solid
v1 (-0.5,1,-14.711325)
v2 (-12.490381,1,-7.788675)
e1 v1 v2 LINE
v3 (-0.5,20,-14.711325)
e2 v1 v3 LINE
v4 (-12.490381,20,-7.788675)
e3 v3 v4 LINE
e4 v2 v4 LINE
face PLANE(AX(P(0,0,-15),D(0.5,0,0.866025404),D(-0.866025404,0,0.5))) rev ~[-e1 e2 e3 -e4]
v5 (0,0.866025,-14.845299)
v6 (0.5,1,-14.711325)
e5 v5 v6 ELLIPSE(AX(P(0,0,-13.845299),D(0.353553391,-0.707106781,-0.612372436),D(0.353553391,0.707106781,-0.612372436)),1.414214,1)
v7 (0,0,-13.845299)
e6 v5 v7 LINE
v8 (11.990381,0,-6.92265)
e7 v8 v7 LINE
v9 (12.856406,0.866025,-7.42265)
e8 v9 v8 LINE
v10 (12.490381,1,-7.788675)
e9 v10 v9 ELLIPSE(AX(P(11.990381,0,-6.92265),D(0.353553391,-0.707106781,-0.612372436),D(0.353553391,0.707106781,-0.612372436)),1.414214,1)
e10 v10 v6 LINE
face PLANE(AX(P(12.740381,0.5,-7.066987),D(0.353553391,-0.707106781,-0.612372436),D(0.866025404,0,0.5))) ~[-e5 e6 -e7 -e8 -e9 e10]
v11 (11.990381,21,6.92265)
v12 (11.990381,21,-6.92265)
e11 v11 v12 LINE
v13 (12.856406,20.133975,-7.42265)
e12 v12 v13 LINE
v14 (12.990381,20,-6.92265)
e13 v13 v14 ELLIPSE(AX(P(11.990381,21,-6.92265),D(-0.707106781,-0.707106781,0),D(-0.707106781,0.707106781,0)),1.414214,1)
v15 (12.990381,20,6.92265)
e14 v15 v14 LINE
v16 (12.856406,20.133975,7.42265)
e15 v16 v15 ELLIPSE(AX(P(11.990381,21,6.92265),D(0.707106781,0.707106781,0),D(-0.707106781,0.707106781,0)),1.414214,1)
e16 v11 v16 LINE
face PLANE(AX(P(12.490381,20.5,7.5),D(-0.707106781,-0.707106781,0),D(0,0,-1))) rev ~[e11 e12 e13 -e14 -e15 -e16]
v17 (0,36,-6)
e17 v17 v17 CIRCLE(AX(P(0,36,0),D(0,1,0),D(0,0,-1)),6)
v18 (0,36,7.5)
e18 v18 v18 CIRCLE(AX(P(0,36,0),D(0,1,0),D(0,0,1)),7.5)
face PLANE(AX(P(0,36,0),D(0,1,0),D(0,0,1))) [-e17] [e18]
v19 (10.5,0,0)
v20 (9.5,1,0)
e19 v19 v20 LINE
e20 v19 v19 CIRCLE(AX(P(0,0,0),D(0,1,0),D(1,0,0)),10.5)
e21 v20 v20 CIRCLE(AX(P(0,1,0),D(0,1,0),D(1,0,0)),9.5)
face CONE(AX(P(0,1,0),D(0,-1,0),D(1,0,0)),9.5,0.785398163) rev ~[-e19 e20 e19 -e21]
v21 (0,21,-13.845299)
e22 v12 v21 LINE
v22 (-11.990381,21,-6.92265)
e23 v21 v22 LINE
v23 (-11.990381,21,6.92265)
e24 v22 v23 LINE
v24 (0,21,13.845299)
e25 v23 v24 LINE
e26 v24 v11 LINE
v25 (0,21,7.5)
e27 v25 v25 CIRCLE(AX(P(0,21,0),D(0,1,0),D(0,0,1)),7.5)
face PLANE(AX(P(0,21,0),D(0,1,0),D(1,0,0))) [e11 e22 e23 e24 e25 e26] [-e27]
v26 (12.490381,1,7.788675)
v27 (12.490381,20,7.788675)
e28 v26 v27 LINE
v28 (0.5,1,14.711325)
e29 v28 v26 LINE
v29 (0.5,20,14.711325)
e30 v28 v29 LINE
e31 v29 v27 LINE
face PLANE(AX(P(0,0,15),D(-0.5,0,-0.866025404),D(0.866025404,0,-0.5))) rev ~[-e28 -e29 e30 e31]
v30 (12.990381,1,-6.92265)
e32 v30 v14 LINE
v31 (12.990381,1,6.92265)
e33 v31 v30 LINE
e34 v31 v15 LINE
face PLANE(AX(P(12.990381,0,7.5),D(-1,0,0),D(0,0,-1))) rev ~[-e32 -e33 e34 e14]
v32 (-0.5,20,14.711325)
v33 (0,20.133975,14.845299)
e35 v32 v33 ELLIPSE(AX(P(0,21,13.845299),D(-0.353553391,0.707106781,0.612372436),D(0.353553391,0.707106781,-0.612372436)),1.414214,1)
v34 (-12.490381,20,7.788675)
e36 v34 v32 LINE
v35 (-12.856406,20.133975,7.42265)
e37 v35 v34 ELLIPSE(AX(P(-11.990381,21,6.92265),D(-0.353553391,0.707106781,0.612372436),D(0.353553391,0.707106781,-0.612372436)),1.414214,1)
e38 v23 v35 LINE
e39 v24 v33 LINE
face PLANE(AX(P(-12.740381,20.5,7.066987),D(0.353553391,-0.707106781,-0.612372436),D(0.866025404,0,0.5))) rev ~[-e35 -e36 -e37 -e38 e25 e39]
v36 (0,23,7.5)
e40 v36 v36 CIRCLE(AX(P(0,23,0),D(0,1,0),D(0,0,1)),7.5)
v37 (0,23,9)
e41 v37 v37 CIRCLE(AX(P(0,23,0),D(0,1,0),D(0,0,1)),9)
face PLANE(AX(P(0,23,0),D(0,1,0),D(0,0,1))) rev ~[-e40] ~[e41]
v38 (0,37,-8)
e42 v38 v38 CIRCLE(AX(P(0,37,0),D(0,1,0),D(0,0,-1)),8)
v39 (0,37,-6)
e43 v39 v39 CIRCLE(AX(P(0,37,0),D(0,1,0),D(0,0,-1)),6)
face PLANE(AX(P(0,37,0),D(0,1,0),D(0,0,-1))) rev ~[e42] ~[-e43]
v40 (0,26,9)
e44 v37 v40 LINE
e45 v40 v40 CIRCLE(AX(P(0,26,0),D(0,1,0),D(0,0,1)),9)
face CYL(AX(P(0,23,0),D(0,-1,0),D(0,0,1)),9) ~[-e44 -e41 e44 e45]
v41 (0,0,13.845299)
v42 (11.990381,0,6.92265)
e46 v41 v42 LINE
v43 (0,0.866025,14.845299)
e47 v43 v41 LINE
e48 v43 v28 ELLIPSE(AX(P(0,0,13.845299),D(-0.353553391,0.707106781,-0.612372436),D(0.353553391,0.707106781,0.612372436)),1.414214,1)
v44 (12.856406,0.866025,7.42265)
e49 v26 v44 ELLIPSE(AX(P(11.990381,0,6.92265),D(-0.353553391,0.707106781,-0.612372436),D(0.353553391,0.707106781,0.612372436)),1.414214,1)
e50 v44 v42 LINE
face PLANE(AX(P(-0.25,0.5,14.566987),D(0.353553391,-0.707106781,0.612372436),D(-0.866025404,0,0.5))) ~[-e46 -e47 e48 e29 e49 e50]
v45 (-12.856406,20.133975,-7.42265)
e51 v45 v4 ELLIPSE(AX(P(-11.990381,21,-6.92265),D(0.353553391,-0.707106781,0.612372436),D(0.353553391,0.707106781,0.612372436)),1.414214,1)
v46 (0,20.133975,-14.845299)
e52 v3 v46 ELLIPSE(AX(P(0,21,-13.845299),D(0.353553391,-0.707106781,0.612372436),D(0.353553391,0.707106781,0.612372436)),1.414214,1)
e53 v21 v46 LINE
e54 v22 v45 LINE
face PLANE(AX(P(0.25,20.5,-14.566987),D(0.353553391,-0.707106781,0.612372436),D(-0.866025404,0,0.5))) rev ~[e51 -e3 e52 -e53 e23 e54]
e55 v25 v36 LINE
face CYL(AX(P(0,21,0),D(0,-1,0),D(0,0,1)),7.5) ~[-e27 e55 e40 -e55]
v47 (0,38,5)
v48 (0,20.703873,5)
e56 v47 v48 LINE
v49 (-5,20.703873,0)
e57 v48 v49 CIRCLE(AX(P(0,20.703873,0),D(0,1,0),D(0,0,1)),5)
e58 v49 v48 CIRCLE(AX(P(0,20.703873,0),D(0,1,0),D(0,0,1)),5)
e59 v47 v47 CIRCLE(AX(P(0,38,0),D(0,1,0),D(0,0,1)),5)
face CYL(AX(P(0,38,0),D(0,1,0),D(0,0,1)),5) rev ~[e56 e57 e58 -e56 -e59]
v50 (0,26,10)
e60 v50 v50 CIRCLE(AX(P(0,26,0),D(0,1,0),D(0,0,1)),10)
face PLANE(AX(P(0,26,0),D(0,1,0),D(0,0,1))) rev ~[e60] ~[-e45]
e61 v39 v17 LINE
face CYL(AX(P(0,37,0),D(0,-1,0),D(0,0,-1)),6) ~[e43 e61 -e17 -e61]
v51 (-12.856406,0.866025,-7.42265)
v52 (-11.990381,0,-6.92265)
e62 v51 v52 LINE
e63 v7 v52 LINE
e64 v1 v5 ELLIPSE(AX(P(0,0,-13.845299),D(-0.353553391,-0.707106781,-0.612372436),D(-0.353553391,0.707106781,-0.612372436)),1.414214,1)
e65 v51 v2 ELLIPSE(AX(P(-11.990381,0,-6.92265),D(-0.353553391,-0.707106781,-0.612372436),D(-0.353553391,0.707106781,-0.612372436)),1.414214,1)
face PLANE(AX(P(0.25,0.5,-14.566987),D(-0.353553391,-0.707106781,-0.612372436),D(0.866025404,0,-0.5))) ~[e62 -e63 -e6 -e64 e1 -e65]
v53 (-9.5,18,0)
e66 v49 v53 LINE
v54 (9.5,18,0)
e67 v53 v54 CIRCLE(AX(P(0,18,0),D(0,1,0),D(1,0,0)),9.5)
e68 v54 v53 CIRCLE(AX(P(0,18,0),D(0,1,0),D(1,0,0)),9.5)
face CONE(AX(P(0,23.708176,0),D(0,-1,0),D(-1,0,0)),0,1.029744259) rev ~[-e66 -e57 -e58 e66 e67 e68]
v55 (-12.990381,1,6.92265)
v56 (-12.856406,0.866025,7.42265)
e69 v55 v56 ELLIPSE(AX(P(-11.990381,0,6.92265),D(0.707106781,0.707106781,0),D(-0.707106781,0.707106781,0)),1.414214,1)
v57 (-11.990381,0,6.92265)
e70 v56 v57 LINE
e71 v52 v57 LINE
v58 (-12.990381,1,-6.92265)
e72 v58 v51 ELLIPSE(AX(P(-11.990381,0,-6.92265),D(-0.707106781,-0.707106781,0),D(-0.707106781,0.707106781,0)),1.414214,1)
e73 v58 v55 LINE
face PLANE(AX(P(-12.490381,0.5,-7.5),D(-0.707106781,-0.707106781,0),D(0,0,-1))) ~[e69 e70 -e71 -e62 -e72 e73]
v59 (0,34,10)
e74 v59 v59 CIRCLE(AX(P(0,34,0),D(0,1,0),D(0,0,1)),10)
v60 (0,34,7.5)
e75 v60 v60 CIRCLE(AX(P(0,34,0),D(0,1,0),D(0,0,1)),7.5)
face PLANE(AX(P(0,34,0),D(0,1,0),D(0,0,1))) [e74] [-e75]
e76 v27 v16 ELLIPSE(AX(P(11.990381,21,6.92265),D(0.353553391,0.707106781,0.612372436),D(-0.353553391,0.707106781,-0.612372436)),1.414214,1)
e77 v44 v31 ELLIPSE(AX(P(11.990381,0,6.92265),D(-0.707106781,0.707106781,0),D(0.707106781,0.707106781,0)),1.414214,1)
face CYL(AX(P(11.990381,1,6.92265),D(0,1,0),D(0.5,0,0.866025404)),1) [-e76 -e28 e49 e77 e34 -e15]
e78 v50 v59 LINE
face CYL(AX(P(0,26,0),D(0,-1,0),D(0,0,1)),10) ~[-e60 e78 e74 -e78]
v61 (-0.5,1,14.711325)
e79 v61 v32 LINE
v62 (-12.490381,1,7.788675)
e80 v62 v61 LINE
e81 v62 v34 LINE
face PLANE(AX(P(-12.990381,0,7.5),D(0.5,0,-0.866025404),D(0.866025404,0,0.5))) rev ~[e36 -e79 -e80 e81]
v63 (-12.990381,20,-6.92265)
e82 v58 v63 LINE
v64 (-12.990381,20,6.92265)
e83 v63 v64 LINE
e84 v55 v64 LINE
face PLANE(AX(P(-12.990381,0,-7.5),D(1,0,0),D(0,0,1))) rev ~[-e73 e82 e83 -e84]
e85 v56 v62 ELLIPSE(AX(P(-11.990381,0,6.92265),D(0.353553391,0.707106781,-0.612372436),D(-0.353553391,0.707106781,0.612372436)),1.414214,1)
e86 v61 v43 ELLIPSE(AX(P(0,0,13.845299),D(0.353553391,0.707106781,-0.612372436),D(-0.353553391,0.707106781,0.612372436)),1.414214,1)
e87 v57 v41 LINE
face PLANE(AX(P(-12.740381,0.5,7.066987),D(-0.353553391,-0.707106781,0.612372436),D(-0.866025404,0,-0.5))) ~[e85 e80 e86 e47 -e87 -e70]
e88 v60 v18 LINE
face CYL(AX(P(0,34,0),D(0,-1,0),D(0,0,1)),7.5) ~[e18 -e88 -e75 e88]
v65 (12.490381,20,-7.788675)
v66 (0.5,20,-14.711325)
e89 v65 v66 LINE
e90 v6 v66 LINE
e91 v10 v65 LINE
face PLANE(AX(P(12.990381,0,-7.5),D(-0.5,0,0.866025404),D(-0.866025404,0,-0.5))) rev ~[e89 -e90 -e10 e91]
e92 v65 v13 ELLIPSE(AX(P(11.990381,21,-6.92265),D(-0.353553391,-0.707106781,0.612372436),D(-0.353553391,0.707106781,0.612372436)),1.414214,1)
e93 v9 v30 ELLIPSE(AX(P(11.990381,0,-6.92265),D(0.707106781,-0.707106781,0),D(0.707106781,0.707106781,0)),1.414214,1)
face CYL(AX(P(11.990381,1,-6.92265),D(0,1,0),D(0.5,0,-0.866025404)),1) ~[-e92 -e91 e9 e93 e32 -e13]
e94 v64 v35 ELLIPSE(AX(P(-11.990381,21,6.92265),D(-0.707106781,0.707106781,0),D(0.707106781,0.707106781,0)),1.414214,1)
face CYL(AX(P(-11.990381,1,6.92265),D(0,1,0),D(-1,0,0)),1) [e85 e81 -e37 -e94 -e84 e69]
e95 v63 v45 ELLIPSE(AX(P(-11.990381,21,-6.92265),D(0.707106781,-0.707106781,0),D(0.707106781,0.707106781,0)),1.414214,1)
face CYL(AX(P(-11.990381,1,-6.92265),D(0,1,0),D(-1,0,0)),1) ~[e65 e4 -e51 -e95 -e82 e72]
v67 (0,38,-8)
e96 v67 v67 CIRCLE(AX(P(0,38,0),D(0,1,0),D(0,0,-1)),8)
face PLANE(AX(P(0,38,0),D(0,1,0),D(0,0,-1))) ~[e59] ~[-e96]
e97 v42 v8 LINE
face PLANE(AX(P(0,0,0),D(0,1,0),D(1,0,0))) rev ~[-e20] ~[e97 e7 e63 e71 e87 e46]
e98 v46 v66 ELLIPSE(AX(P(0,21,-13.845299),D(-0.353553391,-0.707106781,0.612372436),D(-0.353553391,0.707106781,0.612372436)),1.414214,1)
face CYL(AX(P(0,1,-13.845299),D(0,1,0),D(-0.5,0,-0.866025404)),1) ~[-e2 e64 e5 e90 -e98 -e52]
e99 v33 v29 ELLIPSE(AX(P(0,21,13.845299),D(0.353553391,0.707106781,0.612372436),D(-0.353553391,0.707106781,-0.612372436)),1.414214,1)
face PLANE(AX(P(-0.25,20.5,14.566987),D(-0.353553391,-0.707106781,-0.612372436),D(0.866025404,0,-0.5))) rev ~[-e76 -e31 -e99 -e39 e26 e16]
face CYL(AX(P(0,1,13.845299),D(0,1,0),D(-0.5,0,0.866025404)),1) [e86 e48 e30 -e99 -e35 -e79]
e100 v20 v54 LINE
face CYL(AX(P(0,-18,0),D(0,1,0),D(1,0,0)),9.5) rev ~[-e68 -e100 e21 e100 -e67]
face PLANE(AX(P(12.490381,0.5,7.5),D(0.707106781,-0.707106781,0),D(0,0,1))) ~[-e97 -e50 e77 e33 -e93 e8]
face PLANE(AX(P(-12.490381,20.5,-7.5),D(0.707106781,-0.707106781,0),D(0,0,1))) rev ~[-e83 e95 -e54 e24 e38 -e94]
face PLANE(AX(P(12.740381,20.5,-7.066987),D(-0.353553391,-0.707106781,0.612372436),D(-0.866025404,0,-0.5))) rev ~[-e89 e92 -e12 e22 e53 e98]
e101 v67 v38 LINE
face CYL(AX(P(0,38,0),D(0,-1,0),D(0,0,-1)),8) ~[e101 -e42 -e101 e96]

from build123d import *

# Parameters (mm, degrees)
EXTRUDE_1_DEPTH          = 21
SKETCH_2_R               = 7.5
EXTRUDE_2_DEPTH          = 2
SKETCH_3_R               = 9
EXTRUDE_3_DEPTH          = 3
SKETCH_4_R               = 10
EXTRUDE_4_DEPTH          = 8
SKETCH_5_R               = 7.5
EXTRUDE_5_DEPTH          = 2
CUT_EXTRUDE_1_DEPTH      = 42.106568818
CUT_EXTRUDE_1_DEPTH_BACK = 42.106568818
SKETCH_7_R               = 4
HOLE_WIZARD_G1_21_D      = 19
HOLE_WIZARD_G1_21_DEPTH  = 18
HOLE_WIZARD_G1_21_TIP    = 5.708175881
CHAMFER_1_SIZE           = 1
FILLET_1_R               = 1
SKETCH_10_R              = 5
CUT_EXTRUDE_2_DEPTH      = 40


with BuildPart() as part:
    # Эскиз1 → Бобышка-Вытянуть1 (new body)
    with BuildSketch(Plane(origin=(0, 0, 0), x_dir=(1, 0, 0), z_dir=(0, 1, 0))):
        Polygon((0, 15), (-12.990381057, 7.5), (-12.990381057, -7.5), (0, -15), (12.990381057, -7.5), (12.990381057, 7.5), align=None)
    extrude(amount=EXTRUDE_1_DEPTH)

    # Эскиз2 → Бобышка-Вытянуть2 (add)
    with BuildSketch(Plane(origin=(0, 21, 0), x_dir=(1, 0, 0), z_dir=(0, 1, 0))):
        with Locations(Location((0, 0, 0), (0, 0, 270))):
            Circle(SKETCH_2_R)
    extrude(amount=EXTRUDE_2_DEPTH)

    # Эскиз3 → Бобышка-Вытянуть3 (add)
    with BuildSketch(Plane(origin=(0, 23, 0), x_dir=(1, 0, 0), z_dir=(0, 1, 0))):
        with Locations(Location((0, 0, 0), (0, 0, 270))):
            Circle(SKETCH_3_R)
    extrude(amount=EXTRUDE_3_DEPTH)

    # Эскиз4 → Бобышка-Вытянуть4 (add)
    with BuildSketch(Plane(origin=(0, 26, 0), x_dir=(1, 0, 0), z_dir=(0, 1, 0))):
        with Locations(Location((0, 0, 0), (0, 0, 270))):
            Circle(SKETCH_4_R)
    extrude(amount=EXTRUDE_4_DEPTH)

    # Эскиз5 → Бобышка-Вытянуть5 (add)
    with BuildSketch(Plane(origin=(0, 34, 0), x_dir=(1, 0, 0), z_dir=(0, 1, 0))):
        with Locations(Location((0, 0, 0), (0, 0, 270))):
            Circle(SKETCH_5_R)
    extrude(amount=EXTRUDE_5_DEPTH)

    # Эскиз6 → Повернуть1 (revolve)
    with BuildSketch(Plane.XY, mode=Mode.PRIVATE) as revolve_1_sk:
        Polygon((-8, 37), (-6, 37), (-6, 36), (-4, 36), (-4, 38), (-8, 38), align=None)
    revolve(revolve_1_sk.sketch.rotate(Axis((0, 36, 0), (0, 1, 0)), 270), axis=Axis((0, 36, 0), (0, 1, 0)))

    # Эскиз7 → Вырез-Вытянуть1 (cut, two sides: drawn at the far end of the back side and taken through both)
    with BuildSketch(Plane(origin=(0, 36, 0), x_dir=(1, 0, 0), z_dir=(0, 1, 0)).offset(-CUT_EXTRUDE_1_DEPTH_BACK)):
        with Locations(Location((0, 0, 0), (0, 0, 90))):
            Circle(SKETCH_7_R)
    extrude(amount=CUT_EXTRUDE_1_DEPTH + CUT_EXTRUDE_1_DEPTH_BACK, mode=Mode.SUBTRACT)

    # Отверстие обработанное метчиком G1/21
    with Locations(Plane(origin=(0, 0, 0), x_dir=(-1, 0, 0), z_dir=(0, -1, 0))):
        with Locations((0, 0)):
            Hole(HOLE_WIZARD_G1_21_D / 2, depth=HOLE_WIZARD_G1_21_DEPTH)
            with Locations((0, 0, -(HOLE_WIZARD_G1_21_DEPTH + HOLE_WIZARD_G1_21_TIP / 2))):  # 118° drill point
                Cone(0, HOLE_WIZARD_G1_21_D / 2, HOLE_WIZARD_G1_21_TIP, mode=Mode.SUBTRACT)

    # Фаска1
    chamfer_1_edges = [part.edges().sort_by_distance(p)[0] for p in [
        (-12.990381057, 21, 0),
        (-6.495190528, 21, 11.25),
        (6.495190528, 21, 11.25),
        (12.990381057, 21, 0),
        (6.495190528, 21, -11.25),
        (-9.5, 0, 0),
        (12.990381057, 0, 0),
        (6.495190528, 0, 11.25),
        (-6.495190528, 0, 11.25),
        (-6.495190528, 21, -11.25),
        (-12.990381057, 0, 0),
        (-6.495190528, 0, -11.25),
        (6.495190528, 0, -11.25),
    ]]
    chamfer(chamfer_1_edges, length=CHAMFER_1_SIZE)

    # Скругление1
    fillet_1_edges = [part.edges().sort_by_distance(p)[0] for p in [
        (12.990381057, 10.5, -7.5),
        (12.990381057, 10.5, 7.5),
        (0, 10.5, 15),
        (-12.990381057, 10.5, 7.5),
        (-12.990381057, 10.5, -7.5),
        (0, 10.5, -15),
    ]]
    fillet(fillet_1_edges, radius=FILLET_1_R)

    # Эскиз10 → Вырез-Вытянуть2 (cut)
    with BuildSketch(Plane(origin=(0, 38, 0), x_dir=(1, 0, 0), z_dir=(0, 1, 0))):
        with Locations(Location((0, 0, 0), (0, 0, 270))):
            Circle(SKETCH_10_R)
    extrude(amount=-CUT_EXTRUDE_2_DEPTH, mode=Mode.SUBTRACT)


solid = part.part
